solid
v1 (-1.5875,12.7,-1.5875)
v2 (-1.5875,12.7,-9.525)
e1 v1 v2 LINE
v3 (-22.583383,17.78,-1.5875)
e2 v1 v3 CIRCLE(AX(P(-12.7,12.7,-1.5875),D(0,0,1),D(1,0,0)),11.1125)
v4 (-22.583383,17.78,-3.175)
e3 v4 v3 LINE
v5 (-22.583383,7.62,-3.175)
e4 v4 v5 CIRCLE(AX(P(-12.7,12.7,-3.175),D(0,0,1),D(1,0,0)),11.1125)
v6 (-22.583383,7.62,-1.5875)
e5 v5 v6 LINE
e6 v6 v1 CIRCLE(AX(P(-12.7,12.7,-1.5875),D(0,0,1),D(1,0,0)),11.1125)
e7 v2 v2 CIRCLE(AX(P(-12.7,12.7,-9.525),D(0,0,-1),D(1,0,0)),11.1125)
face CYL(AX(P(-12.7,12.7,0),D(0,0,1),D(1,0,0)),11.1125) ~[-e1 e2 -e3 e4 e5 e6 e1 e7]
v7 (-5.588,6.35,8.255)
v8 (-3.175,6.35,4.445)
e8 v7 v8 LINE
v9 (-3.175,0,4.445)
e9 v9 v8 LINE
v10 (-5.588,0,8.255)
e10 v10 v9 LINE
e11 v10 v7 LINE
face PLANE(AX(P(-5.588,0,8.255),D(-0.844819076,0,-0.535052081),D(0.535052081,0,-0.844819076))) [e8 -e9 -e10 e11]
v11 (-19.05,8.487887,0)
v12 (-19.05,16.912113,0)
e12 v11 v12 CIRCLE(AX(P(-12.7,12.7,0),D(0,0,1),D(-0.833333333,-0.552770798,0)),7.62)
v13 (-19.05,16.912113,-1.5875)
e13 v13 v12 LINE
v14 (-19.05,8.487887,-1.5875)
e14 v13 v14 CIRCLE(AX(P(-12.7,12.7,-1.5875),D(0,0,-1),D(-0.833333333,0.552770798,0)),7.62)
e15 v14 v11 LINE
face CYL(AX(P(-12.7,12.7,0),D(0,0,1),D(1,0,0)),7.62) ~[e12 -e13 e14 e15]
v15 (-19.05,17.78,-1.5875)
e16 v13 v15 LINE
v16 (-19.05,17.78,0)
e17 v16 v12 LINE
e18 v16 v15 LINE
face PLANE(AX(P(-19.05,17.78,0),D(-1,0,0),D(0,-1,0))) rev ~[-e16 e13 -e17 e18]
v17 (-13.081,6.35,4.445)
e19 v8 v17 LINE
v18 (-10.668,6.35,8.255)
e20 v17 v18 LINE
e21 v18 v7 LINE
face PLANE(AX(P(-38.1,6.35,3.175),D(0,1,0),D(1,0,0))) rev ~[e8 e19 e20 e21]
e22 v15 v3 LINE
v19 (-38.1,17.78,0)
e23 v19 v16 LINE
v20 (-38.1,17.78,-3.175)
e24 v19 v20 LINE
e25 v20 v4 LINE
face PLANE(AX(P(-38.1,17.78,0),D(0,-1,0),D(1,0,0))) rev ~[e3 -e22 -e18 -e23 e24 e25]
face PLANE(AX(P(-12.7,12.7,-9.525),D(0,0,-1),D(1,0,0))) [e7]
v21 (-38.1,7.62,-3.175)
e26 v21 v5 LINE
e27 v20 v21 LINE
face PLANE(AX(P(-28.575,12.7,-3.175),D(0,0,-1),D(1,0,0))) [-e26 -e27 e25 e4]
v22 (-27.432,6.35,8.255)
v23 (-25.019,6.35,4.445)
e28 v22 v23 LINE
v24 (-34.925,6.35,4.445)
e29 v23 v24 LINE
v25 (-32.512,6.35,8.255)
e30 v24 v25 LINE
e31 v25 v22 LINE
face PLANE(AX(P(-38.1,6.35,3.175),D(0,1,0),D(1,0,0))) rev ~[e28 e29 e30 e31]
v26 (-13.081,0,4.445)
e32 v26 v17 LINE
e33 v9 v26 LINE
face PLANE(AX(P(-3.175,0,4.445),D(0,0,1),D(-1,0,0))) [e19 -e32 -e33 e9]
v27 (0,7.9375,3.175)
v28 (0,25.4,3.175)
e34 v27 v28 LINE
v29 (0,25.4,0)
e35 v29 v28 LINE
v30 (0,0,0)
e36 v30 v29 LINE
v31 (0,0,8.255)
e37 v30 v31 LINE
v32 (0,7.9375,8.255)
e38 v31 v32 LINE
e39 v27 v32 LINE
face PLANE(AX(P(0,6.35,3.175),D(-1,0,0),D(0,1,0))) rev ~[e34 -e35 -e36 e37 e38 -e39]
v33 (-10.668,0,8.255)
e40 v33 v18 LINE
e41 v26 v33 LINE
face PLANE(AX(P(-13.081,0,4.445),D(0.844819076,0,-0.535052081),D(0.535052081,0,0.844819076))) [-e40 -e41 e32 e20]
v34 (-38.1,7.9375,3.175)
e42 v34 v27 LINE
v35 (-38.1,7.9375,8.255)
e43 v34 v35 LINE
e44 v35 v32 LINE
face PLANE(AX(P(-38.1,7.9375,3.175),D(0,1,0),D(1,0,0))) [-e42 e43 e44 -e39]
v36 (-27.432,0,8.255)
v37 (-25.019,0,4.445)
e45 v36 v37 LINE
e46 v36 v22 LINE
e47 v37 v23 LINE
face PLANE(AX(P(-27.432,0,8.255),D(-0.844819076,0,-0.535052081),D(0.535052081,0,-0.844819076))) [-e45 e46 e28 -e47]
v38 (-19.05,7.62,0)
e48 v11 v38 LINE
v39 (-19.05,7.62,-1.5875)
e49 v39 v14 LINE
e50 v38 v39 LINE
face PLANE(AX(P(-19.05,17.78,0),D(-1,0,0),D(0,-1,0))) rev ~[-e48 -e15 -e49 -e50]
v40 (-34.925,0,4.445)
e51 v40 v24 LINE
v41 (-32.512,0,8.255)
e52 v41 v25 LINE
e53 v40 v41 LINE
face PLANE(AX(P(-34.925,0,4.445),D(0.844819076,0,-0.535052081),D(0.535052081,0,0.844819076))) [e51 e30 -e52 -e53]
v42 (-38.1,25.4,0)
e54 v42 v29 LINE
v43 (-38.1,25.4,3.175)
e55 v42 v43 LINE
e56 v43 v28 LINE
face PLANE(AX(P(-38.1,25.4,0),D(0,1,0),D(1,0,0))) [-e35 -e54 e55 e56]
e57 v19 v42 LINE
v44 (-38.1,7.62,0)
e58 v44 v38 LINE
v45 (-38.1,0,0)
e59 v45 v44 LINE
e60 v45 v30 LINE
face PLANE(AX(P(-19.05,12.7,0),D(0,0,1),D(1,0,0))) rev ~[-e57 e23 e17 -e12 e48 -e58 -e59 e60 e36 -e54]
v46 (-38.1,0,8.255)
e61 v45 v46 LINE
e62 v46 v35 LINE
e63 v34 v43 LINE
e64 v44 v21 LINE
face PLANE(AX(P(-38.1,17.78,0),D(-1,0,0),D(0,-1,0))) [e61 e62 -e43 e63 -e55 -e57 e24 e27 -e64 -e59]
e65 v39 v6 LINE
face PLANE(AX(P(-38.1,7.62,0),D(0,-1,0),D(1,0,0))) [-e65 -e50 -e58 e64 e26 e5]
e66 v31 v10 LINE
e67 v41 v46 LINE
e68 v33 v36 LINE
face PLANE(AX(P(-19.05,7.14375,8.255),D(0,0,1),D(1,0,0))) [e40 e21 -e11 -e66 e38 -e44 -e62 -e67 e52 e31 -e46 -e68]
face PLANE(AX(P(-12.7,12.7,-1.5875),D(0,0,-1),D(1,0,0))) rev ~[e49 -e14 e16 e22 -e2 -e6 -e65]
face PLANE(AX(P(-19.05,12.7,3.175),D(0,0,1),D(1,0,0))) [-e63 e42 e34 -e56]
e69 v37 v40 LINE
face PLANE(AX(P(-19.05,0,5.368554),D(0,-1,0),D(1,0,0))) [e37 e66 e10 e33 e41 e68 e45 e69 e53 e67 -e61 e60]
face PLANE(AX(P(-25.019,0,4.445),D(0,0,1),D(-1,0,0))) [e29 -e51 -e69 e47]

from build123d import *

# Parameters (mm, degrees)
F0_W      = 38.1
F0_H      = 25.4
F1_DEPTH  = 3.175
F3_DEPTH  = 6.35
F4_W      = 38.1
F4_H      = 1.5875
F5_DEPTH  = 5.08
F6_R      = 11.1125
F7_DEPTH  = 9.525
F8_R      = 11.43
F8_R_2    = 7.62
F9_DEPTH  = 1.5875
F10_W     = 19.05
F10_H     = 10.16
F11_DEPTH = 3.175


with BuildPart() as f1:
    # F0 (on Top) → F1 (new body)
    with BuildSketch(Plane.XY):
        with Locations((-19.05, 12.7)):
            Rectangle(F0_W, F0_H)
    extrude(amount=F1_DEPTH)

    # F2 (on face) → F3 (join)
    with BuildSketch(Plane.XZ):
        Polygon((-38.1, 8.255), (-38.1, 3.175), (0, 3.175), (0, 8.255), (-5.588, 8.255), (-3.175, 4.445), (-13.081, 4.445), (-10.668, 8.255), (-27.432, 8.255), (-25.019, 4.445), (-34.925, 4.445), (-32.512, 8.255), align=None)
    extrude(amount=-F3_DEPTH)

    # F4 (on face) → F5 (join, through all)
    with BuildSketch(Plane.XY.offset(3.175)):
        with Locations((-19.05, 7.14375)):
            Rectangle(F4_W, F4_H)
    extrude(amount=F5_DEPTH)

    # F6 (on face) → F7 (join)
    with BuildSketch(Plane(origin=(0, 0, 0), x_dir=(1, 0, 0), z_dir=(0, 0, -1))):
        with Locations((-12.7, -12.7)):
            Circle(F6_R)
    extrude(amount=F7_DEPTH)

    # F8 (on face) → F9 (cut)
    with BuildSketch(Plane(origin=(0, 0, 0), x_dir=(1, 0, 0), z_dir=(0, 0, -1))):
        with Locations((-12.7, -12.7)):
            Circle(F8_R)
        with Locations((-12.7, -12.7)):
            Circle(F8_R_2, mode=Mode.SUBTRACT)
    extrude(amount=F9_DEPTH, mode=Mode.SUBTRACT)

    # F10 (on face) → F11 (join)
    with BuildSketch(Plane(origin=(0, 0, 0), x_dir=(1, 0, 0), z_dir=(0, 0, -1))):
        with Locations((-28.575, -12.7)):
            Rectangle(F10_W, F10_H)
    extrude(amount=F11_DEPTH)


solid = f1.part
